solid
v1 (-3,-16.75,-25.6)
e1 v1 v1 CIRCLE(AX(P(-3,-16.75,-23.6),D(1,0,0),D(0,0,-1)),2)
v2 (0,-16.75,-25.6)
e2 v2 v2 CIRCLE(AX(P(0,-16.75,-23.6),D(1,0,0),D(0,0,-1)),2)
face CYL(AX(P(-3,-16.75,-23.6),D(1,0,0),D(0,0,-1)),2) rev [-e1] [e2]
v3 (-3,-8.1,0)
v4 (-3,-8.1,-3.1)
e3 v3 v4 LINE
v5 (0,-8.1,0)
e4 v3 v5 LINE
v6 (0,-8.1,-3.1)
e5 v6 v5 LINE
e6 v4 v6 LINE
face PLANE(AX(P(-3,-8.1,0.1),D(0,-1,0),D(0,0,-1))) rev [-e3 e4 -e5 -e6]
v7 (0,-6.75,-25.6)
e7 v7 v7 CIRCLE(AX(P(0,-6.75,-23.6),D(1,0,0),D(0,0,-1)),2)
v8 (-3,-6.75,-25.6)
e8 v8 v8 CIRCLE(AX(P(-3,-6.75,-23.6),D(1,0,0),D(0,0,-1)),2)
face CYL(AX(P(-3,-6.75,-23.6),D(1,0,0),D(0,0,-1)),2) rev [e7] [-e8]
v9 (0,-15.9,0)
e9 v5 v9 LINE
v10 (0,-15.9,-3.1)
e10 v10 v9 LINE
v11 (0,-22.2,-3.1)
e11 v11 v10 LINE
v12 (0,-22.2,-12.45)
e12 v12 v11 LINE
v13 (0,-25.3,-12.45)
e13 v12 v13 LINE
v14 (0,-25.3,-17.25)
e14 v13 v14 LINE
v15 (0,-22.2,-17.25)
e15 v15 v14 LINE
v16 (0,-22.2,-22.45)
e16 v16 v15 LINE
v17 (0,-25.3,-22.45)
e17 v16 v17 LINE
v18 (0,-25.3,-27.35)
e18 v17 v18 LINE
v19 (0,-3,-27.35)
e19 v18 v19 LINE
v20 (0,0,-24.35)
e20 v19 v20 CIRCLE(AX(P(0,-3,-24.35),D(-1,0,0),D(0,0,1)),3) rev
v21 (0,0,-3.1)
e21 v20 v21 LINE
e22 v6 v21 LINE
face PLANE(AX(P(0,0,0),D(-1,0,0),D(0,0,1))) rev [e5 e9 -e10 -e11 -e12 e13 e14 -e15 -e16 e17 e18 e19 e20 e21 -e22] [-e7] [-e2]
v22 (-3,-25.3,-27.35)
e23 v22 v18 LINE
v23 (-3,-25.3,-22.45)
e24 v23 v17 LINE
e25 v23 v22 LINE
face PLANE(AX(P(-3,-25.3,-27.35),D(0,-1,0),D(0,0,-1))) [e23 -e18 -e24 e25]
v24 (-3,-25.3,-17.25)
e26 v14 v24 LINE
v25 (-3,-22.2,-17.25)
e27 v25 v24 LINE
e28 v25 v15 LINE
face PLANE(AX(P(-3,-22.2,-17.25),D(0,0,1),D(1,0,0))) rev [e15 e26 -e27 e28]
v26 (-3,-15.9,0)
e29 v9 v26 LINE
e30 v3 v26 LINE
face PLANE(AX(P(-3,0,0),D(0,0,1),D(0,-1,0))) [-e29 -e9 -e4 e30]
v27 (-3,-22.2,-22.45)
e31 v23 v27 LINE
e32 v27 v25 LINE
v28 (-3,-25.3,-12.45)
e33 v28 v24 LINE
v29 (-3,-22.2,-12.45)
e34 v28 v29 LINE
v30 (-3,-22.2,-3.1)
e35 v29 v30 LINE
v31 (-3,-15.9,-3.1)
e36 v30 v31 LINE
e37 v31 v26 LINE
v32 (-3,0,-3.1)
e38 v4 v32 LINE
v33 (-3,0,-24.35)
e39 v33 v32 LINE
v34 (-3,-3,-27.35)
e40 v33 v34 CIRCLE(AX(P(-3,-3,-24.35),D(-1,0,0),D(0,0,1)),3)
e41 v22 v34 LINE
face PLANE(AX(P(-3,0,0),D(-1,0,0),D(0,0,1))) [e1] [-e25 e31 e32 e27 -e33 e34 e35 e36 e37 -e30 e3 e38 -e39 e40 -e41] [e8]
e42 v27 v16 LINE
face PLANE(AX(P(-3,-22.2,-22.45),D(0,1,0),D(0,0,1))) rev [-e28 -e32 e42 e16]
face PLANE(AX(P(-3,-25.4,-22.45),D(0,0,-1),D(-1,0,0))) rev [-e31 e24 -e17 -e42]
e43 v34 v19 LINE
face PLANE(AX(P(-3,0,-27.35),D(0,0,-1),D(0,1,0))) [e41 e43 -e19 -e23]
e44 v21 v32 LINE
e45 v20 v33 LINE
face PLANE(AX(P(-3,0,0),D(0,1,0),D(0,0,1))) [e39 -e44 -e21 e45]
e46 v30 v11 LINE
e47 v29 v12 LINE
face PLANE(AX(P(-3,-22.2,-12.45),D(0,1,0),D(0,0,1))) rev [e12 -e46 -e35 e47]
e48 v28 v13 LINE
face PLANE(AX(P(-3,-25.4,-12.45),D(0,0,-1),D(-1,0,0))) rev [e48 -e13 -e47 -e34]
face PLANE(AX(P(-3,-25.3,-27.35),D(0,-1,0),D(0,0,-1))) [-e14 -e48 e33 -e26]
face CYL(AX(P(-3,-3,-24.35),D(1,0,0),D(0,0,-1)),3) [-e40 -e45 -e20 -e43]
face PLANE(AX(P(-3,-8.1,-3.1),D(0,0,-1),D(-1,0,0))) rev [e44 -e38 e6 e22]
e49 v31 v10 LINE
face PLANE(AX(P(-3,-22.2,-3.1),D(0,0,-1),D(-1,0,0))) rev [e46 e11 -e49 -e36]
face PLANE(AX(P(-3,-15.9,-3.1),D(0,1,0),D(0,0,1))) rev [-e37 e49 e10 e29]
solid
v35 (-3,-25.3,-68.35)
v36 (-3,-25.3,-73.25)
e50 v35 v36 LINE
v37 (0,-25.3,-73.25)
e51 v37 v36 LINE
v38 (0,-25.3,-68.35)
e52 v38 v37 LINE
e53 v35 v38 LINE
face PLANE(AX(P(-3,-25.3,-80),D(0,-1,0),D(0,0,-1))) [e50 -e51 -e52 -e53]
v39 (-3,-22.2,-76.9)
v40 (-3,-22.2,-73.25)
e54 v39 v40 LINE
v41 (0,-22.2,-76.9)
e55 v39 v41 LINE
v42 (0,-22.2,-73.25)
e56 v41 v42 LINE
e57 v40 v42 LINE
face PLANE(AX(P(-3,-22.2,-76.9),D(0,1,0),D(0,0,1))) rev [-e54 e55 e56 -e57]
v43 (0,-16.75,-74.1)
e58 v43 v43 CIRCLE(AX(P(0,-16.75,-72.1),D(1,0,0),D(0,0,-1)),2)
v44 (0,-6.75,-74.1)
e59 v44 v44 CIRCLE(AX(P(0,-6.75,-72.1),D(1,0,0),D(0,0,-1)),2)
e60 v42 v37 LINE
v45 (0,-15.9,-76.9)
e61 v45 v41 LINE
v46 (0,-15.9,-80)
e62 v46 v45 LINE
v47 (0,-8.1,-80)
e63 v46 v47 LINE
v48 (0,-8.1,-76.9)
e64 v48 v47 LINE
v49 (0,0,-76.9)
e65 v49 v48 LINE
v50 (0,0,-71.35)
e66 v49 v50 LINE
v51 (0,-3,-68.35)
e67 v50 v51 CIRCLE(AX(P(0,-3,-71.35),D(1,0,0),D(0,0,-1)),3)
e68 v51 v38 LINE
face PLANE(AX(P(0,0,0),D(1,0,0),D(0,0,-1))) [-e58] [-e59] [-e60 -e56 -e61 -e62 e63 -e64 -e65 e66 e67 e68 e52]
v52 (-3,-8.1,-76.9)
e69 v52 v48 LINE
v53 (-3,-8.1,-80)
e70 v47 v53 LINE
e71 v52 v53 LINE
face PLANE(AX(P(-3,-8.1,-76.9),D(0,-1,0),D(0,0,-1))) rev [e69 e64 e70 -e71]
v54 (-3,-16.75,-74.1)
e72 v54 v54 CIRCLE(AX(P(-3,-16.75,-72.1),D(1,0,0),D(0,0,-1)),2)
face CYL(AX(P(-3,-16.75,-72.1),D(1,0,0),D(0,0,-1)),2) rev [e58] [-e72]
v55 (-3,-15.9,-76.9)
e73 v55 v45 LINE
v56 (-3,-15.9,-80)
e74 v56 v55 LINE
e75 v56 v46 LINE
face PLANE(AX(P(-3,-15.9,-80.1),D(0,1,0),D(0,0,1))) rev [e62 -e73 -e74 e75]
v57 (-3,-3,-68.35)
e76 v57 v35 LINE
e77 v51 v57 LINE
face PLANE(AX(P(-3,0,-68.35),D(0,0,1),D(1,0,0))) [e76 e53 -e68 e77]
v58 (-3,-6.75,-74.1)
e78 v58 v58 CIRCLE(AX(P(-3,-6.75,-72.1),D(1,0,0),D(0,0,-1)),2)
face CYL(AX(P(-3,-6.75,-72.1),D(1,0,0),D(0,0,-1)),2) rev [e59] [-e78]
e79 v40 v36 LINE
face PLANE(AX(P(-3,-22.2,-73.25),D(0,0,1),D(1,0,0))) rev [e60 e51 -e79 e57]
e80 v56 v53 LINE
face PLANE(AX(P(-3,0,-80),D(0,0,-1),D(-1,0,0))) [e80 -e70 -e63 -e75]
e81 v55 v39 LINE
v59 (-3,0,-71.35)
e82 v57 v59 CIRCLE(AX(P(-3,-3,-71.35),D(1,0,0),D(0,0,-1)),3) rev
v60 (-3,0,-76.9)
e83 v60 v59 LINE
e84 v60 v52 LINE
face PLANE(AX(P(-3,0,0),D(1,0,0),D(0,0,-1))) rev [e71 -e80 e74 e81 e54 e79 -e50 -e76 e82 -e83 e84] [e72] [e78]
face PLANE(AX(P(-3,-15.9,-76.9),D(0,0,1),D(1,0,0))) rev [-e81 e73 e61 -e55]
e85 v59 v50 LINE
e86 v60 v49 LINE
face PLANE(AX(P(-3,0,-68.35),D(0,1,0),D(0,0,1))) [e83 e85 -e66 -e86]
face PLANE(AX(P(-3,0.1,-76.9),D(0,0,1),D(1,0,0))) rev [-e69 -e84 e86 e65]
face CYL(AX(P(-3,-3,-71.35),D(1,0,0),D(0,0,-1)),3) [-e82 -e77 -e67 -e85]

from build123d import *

# Parameters (mm, degrees)
SKETCH1_W             = 27.35
SKETCH1_H             = 25.3
SKETCH1_R             = 2
BOSS_EXTRUDE1_DEPTH   = 3
SKETCH1_W_2           = 11.65
BOSS_EXTRUDE1_2_DEPTH = 3
SKETCH3_W             = 5.2
SKETCH3_H             = 3.2
SKETCH3_W_2           = 3.2
SKETCH3_H_2           = 8.2
CUT_EXTRUDE1_DEPTH    = 4
FILLET1_R             = 3
FILLET2_R             = 3


with BuildPart() as part:
    # Sketch1 → Boss-Extrude1 (new body)
    with BuildSketch(Plane(origin=(0, 0, 0), x_dir=(0, 0, -1), z_dir=(1, 0, 0))):
        with Locations((13.675, -12.65)):
            Rectangle(SKETCH1_W, SKETCH1_H)
        with Locations((23.6, -6.75)):
            Circle(SKETCH1_R, mode=Mode.SUBTRACT)
        with Locations((23.6, -16.75)):
            Circle(SKETCH1_R, mode=Mode.SUBTRACT)
    extrude(amount=-BOSS_EXTRUDE1_DEPTH)


with BuildPart() as body_2:
    # Sketch1 → Boss-Extrude1 2 (new body)
    with BuildSketch(Plane(origin=(0, 0, 0), x_dir=(0, 0, -1), z_dir=(1, 0, 0))):
        with Locations((74.175, -12.65)):
            Rectangle(SKETCH1_W_2, SKETCH1_H)
        with Locations((72.1, -6.75)):
            Circle(SKETCH1_R, mode=Mode.SUBTRACT)
        with Locations((72.1, -16.75)):
            Circle(SKETCH1_R, mode=Mode.SUBTRACT)
    extrude(amount=-BOSS_EXTRUDE1_2_DEPTH)


with BuildPart() as cut_extrude1_tool:
    # Sketch3 → Cut-Extrude1 (new body, through all)
    with BuildSketch(Plane(origin=(0, 0, 0), x_dir=(0, 0, -1), z_dir=(1, 0, 0))):
        with Locations((19.85, -23.8)):
            Rectangle(SKETCH3_W, SKETCH3_H)
        with Locations((78.5, -4)):
            Rectangle(SKETCH3_W_2, SKETCH3_H_2)
        with Locations((1.5, -4)):
            Rectangle(SKETCH3_W_2, SKETCH3_H_2)
        Polygon((76.9, -15.9), (76.9, -22.2), (73.25, -22.2), (73.25, -25.4), (80.1, -25.4), (80.1, -15.9), align=None)
        Polygon((12.45, -22.2), (3.1, -22.2), (3.1, -15.9), (-0.1, -15.9), (-0.1, -25.4), (12.45, -25.4), align=None)
    extrude(amount=-CUT_EXTRUDE1_DEPTH)


with BuildPart() as part_1:
    add(part.part)

    # Cut-Extrude1: cut by cut_extrude1_tool
    add(cut_extrude1_tool.part, mode=Mode.SUBTRACT)

    # Fillet1
    fillet1_edges = [part_1.edges().sort_by_distance(p)[0] for p in [
        (-1.5, 0, -27.35),
    ]]
    fillet(fillet1_edges, radius=FILLET1_R)


with BuildPart() as body_2_1:
    add(body_2.part)

    # Cut-Extrude1: cut by cut_extrude1_tool
    add(cut_extrude1_tool.part, mode=Mode.SUBTRACT)

    # Fillet2
    fillet2_edges = [body_2_1.edges().sort_by_distance(p)[0] for p in [
        (-1.5, 0, -68.35),
    ]]
    fillet(fillet2_edges, radius=FILLET2_R)


solid = Compound([part_1.part, body_2_1.part])
